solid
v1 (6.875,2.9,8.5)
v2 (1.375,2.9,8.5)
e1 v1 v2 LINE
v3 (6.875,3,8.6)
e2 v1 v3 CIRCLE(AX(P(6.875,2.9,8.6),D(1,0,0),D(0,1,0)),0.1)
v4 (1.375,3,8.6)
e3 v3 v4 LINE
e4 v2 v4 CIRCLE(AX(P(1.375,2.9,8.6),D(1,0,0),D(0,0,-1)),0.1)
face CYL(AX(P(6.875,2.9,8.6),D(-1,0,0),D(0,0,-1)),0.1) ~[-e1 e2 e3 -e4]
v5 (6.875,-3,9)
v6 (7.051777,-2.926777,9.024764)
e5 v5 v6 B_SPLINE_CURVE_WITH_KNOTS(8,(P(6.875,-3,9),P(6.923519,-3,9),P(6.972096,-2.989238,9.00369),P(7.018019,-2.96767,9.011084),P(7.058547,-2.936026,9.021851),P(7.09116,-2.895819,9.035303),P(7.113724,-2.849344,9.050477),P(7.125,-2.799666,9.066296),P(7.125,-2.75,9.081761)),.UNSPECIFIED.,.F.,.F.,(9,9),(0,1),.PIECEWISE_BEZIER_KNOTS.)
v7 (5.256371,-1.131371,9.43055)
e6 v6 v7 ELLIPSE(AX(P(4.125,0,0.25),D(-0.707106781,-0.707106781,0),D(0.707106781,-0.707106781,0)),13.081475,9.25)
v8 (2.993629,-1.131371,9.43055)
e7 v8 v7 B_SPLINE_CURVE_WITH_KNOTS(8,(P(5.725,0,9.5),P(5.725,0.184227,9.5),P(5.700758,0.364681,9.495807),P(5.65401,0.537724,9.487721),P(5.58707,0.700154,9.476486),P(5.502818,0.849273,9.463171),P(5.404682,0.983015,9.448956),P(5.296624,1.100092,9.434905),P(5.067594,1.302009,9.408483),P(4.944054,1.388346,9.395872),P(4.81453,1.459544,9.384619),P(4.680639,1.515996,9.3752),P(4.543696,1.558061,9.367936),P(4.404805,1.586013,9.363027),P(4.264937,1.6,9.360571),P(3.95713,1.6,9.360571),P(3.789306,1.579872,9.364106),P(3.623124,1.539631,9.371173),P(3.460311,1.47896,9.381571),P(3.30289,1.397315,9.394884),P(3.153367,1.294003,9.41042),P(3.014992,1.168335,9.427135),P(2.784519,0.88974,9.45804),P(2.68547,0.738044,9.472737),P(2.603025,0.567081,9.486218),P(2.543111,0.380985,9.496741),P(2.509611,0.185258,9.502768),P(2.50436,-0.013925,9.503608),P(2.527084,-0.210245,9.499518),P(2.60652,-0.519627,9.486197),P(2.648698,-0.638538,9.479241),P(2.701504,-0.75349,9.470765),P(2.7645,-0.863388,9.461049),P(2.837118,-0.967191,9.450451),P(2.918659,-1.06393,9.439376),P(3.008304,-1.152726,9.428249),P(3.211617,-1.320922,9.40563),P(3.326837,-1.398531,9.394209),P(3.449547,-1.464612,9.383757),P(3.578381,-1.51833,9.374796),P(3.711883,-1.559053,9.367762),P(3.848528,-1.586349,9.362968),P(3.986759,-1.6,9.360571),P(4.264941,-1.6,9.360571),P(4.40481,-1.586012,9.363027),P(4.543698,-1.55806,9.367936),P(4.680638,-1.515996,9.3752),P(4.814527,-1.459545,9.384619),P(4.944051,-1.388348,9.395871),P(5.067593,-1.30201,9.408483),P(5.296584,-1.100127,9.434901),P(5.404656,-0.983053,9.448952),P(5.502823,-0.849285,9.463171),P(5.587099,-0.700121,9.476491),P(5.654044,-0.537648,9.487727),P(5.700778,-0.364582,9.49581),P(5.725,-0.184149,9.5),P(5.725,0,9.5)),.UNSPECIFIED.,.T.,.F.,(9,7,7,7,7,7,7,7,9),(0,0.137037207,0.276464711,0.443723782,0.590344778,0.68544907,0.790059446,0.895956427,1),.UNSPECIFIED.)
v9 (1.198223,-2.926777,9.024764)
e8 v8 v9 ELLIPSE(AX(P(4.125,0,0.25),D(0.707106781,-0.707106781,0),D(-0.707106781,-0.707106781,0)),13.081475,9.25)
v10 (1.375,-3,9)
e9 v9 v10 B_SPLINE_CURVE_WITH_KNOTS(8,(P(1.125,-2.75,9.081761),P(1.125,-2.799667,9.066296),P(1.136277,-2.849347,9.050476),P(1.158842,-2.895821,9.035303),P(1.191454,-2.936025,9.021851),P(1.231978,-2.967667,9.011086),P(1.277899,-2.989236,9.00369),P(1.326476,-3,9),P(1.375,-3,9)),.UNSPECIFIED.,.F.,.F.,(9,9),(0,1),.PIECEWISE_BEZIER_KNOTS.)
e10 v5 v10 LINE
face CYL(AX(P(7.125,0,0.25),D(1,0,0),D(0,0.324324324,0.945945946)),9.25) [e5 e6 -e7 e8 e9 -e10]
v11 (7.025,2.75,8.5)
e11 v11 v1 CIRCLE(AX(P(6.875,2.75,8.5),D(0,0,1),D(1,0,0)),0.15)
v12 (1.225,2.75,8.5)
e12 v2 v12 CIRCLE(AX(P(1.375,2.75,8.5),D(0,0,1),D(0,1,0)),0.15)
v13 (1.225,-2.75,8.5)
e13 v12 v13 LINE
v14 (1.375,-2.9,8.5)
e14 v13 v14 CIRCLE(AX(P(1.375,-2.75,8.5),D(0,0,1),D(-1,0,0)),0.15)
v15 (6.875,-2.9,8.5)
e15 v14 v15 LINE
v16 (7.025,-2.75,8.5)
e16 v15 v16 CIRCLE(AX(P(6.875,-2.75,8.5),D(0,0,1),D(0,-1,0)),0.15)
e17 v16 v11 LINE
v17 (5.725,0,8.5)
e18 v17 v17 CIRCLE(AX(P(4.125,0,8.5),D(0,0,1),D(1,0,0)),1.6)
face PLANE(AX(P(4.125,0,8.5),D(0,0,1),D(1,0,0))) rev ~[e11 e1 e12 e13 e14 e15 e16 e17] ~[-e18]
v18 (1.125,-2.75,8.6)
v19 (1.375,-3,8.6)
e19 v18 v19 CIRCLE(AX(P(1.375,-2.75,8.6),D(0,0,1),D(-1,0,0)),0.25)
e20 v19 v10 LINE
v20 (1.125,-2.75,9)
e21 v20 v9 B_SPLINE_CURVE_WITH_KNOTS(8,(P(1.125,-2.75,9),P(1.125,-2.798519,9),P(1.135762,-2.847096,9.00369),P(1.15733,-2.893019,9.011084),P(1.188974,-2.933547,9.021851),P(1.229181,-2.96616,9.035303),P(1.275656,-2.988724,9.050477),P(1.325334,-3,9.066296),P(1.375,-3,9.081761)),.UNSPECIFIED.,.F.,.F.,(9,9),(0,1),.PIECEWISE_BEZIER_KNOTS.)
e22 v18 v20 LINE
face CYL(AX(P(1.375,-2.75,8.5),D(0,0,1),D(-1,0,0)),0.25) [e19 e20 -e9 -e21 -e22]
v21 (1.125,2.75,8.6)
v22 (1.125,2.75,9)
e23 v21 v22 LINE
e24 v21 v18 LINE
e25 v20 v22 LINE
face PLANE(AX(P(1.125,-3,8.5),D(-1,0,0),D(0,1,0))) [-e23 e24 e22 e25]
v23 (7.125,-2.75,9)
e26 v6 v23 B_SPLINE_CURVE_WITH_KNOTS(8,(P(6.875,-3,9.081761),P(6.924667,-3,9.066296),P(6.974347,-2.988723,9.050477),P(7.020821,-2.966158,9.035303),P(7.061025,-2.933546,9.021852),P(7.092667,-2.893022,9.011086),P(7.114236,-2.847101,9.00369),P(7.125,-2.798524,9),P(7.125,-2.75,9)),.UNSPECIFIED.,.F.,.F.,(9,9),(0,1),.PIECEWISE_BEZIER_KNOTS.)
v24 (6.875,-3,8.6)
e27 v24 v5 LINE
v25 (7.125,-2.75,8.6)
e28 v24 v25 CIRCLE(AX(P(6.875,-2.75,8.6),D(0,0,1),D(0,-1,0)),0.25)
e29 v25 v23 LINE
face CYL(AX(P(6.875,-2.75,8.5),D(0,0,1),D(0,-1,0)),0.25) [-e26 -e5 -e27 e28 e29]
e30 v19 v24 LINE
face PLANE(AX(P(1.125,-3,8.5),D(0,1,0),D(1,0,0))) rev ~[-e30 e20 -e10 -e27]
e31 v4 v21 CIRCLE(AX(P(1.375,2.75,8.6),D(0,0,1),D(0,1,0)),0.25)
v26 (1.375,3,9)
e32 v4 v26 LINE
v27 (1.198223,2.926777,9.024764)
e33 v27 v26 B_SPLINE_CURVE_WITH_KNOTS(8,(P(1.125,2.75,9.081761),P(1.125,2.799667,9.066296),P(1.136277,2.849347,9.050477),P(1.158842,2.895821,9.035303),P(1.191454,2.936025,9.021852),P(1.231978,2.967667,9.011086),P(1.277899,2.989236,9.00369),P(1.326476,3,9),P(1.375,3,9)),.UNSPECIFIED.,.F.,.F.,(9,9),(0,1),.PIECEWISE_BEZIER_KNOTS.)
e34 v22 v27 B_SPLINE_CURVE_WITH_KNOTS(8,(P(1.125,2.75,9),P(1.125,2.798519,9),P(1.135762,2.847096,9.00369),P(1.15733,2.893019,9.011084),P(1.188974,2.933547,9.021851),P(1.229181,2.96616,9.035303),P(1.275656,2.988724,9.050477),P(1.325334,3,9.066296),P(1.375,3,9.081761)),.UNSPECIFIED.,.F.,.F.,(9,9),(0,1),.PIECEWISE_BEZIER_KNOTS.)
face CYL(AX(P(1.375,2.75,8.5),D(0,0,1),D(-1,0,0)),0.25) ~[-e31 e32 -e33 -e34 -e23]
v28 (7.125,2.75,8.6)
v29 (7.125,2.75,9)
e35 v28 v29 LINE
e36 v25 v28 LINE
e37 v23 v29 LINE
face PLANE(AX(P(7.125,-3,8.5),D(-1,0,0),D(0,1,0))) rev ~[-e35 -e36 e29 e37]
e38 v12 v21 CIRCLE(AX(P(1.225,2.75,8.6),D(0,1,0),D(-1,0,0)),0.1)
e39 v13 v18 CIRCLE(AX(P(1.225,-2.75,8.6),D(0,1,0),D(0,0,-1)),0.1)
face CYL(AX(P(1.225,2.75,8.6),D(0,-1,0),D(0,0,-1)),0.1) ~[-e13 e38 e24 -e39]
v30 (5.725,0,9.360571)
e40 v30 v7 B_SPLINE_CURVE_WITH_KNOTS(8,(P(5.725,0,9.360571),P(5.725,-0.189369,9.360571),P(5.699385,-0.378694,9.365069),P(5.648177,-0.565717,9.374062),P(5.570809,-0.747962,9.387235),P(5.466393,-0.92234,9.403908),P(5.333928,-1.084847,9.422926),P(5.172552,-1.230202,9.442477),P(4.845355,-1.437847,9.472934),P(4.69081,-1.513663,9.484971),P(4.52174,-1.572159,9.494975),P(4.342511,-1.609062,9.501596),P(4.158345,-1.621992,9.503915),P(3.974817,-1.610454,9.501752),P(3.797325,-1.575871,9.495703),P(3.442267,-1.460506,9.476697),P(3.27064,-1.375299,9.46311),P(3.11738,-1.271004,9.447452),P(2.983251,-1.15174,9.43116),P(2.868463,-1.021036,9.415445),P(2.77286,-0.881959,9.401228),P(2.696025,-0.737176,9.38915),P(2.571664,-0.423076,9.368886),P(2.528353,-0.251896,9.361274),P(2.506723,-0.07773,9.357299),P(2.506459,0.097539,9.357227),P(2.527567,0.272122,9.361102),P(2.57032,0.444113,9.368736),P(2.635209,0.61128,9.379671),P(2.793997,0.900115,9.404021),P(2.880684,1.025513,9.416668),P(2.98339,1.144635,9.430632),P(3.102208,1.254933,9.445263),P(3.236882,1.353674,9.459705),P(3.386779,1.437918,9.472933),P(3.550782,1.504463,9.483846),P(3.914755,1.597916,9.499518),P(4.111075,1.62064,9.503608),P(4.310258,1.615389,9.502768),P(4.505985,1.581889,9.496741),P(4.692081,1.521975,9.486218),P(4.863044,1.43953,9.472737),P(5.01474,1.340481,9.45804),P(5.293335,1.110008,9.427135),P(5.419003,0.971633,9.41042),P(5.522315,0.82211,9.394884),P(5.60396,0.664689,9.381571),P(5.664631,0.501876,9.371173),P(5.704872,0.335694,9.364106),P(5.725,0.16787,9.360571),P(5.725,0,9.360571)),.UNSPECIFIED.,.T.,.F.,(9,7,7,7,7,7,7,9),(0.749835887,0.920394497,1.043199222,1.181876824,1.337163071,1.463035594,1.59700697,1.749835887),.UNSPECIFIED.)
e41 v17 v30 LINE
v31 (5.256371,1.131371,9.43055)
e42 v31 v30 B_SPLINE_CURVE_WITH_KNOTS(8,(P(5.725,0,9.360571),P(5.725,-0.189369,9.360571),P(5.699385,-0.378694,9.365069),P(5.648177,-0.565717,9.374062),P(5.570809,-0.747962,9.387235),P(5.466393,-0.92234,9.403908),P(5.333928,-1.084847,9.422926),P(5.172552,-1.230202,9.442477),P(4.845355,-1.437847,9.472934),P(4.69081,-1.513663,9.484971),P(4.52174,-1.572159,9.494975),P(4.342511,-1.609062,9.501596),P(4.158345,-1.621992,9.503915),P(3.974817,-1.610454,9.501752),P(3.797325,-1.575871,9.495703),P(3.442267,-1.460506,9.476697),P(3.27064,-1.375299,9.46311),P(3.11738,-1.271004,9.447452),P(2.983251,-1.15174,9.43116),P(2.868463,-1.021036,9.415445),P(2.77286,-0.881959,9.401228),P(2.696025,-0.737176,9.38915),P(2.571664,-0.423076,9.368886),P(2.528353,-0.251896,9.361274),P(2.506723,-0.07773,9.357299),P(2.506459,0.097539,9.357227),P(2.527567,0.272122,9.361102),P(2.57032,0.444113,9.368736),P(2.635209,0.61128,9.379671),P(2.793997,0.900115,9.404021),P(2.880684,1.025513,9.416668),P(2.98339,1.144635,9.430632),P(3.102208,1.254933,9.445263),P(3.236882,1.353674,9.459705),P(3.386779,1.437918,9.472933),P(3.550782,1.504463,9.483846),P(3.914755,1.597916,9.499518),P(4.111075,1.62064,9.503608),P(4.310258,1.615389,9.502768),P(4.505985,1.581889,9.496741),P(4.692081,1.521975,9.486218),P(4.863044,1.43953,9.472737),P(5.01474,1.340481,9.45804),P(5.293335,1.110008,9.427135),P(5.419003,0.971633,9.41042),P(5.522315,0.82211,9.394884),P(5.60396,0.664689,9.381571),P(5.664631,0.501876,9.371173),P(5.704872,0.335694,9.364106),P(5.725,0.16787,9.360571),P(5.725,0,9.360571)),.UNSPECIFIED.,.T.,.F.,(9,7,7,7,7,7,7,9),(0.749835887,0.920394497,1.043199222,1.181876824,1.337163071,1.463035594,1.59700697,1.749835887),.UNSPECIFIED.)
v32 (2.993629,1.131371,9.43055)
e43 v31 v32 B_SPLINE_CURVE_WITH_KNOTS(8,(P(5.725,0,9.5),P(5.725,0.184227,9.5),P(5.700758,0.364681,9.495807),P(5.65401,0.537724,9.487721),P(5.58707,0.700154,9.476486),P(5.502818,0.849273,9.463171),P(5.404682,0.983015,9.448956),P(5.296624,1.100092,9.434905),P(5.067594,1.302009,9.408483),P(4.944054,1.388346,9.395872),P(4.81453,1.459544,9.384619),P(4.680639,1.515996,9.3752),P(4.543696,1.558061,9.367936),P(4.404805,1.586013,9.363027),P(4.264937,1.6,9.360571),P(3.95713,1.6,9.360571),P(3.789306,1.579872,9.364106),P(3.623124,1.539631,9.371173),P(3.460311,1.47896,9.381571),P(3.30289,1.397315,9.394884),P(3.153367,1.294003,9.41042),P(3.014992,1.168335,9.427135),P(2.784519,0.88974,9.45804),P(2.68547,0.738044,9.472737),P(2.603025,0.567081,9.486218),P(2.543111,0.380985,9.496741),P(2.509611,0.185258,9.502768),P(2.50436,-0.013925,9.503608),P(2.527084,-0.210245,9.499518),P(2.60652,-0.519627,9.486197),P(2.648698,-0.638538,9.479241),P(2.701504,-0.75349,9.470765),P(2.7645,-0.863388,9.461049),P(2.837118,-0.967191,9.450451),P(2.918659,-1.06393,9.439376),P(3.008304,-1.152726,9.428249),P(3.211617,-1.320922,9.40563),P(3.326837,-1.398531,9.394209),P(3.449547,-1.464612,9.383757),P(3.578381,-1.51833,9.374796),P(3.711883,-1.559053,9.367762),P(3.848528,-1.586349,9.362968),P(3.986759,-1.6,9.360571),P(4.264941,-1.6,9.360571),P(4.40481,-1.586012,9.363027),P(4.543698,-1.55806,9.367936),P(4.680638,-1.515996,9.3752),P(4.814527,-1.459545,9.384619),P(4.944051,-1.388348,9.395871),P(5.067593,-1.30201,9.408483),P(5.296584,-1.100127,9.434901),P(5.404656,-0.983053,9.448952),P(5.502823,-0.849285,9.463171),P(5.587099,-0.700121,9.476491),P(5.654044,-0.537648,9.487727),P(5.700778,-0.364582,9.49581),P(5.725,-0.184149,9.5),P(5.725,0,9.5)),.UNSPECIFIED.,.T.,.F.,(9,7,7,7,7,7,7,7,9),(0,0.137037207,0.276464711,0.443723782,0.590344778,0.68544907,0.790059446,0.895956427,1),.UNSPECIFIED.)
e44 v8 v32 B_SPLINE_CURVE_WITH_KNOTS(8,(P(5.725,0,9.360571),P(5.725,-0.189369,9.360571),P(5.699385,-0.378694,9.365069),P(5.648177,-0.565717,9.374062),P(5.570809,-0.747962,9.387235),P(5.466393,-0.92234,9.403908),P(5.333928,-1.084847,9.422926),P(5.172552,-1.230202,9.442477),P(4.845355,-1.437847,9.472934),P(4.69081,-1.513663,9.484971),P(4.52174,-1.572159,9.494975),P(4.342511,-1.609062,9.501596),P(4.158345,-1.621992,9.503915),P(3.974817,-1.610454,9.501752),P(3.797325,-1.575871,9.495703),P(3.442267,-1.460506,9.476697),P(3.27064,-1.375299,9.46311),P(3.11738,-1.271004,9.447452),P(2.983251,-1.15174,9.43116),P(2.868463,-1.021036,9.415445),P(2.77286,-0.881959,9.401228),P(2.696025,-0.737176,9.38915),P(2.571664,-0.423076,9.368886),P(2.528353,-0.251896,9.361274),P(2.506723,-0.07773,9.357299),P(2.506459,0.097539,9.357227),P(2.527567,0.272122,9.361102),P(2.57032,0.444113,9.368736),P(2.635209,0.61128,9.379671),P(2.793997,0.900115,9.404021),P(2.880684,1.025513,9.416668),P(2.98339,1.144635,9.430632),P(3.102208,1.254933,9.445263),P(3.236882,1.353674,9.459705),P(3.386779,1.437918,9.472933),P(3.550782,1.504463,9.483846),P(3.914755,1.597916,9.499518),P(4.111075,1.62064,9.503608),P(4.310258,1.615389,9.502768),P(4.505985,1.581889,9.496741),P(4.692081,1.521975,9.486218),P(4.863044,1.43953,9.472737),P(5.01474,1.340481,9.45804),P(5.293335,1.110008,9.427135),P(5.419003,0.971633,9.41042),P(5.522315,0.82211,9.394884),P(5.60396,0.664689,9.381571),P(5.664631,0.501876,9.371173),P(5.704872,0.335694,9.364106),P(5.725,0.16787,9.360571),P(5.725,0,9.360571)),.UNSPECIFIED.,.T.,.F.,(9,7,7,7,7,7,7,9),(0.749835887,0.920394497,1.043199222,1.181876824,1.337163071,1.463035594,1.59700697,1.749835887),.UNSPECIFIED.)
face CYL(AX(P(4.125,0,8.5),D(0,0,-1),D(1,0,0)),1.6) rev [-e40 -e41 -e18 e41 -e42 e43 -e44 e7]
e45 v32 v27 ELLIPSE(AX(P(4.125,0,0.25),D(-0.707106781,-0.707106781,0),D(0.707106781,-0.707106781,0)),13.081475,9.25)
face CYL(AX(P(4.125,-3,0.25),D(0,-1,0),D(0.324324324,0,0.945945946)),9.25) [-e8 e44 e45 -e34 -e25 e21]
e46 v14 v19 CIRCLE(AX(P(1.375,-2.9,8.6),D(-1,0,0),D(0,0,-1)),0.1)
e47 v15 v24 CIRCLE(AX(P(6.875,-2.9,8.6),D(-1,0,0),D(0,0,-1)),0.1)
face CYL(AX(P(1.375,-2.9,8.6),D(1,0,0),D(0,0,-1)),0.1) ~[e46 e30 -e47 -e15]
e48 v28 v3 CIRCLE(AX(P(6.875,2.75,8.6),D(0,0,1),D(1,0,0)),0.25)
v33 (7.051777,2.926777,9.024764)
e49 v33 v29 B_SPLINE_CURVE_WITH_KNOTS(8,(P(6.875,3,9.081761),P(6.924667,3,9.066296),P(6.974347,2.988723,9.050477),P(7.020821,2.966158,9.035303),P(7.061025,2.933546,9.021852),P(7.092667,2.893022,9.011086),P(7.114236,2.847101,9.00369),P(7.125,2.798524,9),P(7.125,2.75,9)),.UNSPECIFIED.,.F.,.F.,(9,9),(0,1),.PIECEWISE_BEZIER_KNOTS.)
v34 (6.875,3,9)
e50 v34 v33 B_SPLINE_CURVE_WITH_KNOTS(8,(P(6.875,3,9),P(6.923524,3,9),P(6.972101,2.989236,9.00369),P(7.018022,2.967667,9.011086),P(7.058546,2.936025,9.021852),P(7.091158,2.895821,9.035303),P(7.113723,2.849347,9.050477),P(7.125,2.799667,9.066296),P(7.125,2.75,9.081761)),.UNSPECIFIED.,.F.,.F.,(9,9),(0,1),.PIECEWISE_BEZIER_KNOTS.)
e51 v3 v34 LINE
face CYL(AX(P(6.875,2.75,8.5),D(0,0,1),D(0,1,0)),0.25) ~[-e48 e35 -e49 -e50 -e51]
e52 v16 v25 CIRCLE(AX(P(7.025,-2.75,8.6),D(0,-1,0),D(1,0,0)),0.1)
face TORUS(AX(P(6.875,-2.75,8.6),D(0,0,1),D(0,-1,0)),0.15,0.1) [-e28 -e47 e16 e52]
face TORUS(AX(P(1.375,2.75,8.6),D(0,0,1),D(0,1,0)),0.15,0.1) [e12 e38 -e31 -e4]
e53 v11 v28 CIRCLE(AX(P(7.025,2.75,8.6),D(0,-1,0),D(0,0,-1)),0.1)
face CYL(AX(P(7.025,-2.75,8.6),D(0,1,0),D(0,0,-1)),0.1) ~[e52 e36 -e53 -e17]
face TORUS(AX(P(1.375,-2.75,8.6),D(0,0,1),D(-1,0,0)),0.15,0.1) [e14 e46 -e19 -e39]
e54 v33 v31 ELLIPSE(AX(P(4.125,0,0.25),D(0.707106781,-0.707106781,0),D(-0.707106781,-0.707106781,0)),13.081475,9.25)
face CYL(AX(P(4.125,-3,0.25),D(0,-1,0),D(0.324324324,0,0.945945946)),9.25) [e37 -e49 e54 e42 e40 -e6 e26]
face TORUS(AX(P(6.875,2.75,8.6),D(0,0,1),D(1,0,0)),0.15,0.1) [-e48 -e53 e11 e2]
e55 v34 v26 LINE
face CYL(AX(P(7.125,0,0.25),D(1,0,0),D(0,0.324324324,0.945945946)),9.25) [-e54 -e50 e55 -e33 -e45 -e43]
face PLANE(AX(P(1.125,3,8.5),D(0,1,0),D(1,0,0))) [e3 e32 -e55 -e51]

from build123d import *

# Parameters (mm, degrees)
SKETCH014_W     = 6
SKETCH014_H     = 6
SKETCH014_R     = 1.6
PAD004_DEPTH    = 1
POCKET009_DEPTH = 6.001
POCKET010_DEPTH = 6
FILLET004_R     = 0.25
FILLET005_R     = 0.1


with BuildPart() as part:
    # Sketch014 → Pad004 (new body)
    with BuildSketch(Plane(origin=(8.25, 0, 8.5), x_dir=(1, 0, 0), z_dir=(0, 0, 1))):
        with Locations((-4.125, 0)):
            Rectangle(SKETCH014_W, SKETCH014_H)
        with Locations((-4.125, 0)):
            Circle(SKETCH014_R, mode=Mode.SUBTRACT)
    extrude(amount=PAD004_DEPTH)

    # Sketch015 → Pocket009 (cut, through all)
    with BuildSketch(Plane(origin=(8.25, -3, 8.5), x_dir=(1, 0, 0), z_dir=(0, -1, 0))):
        with BuildLine():
            ThreePointArc((-1.125, 0.5), (-4.125, 1), (-7.125, 0.5))
            Line((-7.94919, 0.5), (-7.125, 0.5))
            Line((-7.94919, 2.29429), (-7.94919, 0.5))
            Line((-7.94919, 2.29429), (-0.30081, 2.29429))
            Line((-0.30081, 2.29429), (-0.30081, 0.5))
            Line((-0.30081, 0.5), (-1.125, 0.5))
        make_face()
    extrude(amount=-POCKET009_DEPTH, mode=Mode.SUBTRACT)

    # Sketch016 → Pocket010 (cut)
    with BuildSketch(Plane(origin=(7.125, 0, 8.5), x_dir=(0, 1, 0), z_dir=(1, 0, 0))):
        with BuildLine():
            ThreePointArc((3, 0.5), (0, 1), (-3, 0.5))
            Line((-3.52138, 0.5), (-3, 0.5))
            Line((-3.52138, 1.495392), (-3.52138, 0.5))
            Line((-3.52138, 1.495392), (3.52138, 1.495392))
            Line((3.52138, 1.495392), (3.52138, 0.5))
            Line((3.52138, 0.5), (3, 0.5))
        make_face()
    extrude(amount=-POCKET010_DEPTH, mode=Mode.SUBTRACT)

    # Fillet004
    fillet004_edges = [part.edges().sort_by_distance(p)[0] for p in [
        (7.125, -3, 8.75),
        (7.125, 3, 8.75),
        (1.125, 3, 8.75),
        (1.125, -3, 8.75),
    ]]
    fillet(fillet004_edges, radius=FILLET004_R)

    # Fillet005
    fillet005_edges = [part.edges().sort_by_distance(p)[0] for p in [
        (4.125, -3, 8.5),
    ]]
    fillet(fillet005_edges, radius=FILLET005_R)


solid = part.part
